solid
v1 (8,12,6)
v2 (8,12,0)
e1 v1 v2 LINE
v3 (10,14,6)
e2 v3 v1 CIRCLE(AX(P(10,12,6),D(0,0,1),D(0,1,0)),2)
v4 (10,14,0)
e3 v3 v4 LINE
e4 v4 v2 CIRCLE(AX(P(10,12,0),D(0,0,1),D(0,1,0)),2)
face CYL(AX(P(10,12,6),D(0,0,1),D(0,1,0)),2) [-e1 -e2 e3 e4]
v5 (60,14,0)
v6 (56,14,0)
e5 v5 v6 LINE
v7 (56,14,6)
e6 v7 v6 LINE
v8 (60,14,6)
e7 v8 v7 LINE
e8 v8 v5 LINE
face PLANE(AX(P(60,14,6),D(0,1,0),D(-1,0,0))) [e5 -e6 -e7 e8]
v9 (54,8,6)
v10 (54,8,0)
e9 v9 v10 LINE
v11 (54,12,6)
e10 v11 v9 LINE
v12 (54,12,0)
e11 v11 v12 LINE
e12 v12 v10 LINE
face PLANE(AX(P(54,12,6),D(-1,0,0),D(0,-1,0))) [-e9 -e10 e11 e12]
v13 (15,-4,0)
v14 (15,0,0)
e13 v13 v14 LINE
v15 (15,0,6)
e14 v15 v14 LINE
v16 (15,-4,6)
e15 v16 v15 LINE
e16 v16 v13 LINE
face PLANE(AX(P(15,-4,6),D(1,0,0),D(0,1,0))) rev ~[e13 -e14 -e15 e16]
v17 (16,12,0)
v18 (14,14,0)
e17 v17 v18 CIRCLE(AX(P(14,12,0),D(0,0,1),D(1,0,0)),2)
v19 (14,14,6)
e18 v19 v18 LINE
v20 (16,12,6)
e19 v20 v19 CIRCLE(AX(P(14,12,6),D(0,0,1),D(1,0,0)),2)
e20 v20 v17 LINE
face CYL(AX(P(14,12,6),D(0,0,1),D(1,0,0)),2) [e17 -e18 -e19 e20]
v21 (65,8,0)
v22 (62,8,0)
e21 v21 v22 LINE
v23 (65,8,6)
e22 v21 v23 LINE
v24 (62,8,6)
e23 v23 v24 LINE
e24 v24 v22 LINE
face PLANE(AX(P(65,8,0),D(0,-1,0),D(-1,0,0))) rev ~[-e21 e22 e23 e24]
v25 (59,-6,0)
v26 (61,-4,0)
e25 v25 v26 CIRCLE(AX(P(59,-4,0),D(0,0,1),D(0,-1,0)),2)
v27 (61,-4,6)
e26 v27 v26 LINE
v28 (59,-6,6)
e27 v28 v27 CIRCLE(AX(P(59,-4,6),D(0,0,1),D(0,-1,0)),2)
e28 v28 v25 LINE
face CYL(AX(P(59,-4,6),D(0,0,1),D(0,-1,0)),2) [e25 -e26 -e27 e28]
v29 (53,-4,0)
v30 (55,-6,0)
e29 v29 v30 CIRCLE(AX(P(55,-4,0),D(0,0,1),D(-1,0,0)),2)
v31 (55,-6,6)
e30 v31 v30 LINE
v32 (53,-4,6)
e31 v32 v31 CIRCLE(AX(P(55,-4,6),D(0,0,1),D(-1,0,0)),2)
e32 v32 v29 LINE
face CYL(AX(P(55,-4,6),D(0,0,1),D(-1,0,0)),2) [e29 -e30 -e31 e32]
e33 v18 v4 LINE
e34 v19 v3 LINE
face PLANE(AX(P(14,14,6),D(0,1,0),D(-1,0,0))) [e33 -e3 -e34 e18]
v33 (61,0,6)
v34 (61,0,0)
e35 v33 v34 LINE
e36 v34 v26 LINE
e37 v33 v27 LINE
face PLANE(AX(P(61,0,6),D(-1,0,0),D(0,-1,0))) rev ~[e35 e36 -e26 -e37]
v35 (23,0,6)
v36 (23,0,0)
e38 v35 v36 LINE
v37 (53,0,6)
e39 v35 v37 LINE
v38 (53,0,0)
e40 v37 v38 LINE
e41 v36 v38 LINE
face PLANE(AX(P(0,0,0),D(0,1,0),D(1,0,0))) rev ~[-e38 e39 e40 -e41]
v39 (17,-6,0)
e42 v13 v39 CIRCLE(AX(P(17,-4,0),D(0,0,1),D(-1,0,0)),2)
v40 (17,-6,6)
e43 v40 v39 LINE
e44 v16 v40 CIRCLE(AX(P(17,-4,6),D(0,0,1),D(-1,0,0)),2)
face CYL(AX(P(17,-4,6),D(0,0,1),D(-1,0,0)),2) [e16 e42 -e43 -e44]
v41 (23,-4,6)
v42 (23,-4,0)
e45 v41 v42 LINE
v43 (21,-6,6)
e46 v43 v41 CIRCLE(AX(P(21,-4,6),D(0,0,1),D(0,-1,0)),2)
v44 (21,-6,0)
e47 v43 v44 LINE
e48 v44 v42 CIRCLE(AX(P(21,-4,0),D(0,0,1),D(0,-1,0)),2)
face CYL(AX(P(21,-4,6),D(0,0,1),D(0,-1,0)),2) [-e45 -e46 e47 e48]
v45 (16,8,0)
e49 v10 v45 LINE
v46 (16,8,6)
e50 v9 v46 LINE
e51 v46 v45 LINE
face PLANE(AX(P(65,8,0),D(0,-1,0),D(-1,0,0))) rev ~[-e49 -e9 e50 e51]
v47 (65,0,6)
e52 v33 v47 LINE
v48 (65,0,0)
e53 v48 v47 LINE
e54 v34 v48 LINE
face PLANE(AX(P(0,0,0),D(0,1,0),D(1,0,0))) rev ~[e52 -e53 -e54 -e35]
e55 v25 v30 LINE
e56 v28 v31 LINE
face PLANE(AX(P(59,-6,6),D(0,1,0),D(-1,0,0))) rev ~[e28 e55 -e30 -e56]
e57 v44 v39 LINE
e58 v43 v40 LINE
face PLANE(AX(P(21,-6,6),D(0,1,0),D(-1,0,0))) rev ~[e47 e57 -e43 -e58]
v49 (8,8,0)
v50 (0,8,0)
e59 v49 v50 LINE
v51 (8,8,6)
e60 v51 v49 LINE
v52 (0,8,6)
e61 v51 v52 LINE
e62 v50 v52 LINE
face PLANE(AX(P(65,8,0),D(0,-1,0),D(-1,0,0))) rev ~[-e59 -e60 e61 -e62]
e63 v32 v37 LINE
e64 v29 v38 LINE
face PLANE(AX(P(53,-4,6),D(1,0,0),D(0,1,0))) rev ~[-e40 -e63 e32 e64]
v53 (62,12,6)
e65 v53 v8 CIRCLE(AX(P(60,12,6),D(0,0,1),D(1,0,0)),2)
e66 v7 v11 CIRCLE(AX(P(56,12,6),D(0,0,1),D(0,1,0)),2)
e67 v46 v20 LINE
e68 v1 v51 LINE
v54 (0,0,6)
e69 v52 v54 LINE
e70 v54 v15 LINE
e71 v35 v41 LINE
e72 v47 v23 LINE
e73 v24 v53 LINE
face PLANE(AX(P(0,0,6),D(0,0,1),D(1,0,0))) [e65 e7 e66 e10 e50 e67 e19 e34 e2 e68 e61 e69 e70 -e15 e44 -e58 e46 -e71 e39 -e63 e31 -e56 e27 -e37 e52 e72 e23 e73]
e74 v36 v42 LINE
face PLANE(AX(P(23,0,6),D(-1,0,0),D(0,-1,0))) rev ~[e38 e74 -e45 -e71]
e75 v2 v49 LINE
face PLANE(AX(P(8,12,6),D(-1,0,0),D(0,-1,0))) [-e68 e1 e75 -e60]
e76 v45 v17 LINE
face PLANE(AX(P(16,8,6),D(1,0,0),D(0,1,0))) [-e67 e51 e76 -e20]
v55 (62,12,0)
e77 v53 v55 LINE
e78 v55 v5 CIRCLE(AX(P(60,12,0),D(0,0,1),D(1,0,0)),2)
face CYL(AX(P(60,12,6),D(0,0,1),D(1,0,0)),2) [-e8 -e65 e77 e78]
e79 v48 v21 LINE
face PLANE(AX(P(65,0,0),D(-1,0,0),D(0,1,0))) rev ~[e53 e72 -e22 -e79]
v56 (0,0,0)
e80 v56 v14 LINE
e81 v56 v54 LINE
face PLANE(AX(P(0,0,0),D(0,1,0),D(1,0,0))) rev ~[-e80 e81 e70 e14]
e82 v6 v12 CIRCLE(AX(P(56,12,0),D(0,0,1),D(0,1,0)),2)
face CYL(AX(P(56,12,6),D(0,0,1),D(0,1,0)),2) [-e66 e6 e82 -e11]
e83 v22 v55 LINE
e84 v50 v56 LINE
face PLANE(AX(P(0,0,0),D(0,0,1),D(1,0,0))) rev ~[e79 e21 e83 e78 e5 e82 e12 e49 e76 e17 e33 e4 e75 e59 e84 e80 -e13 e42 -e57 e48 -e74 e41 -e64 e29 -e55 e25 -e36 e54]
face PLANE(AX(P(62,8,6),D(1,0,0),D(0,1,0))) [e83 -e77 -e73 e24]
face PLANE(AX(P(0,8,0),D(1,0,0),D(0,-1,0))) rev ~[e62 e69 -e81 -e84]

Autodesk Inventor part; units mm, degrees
ref_plane "YZ Plane" through (0, 0, 0) normal (1, 0, 0) x (0, 1, 0)
ref_plane "XZ Plane" through (0, 0, 0) normal (0, 1, 0) x (-1, 0, 0)
ref_plane "XY Plane" through (0, 0, 0) normal (0, 0, 1) x (1, 0, 0)
sketch "Sketch1" plane through (0, 0, 0) normal (0, 0, 1) x (1, 0, 0)
  line L0 (0, 0) -> (65, 0)
  line L1 (65, 0) -> (65, 8)
  line L2 (65, 8) -> (0, 8)
  line L3 (0, 8) -> (0, 0)
  dimension "d0" = 8
  dimension "d1" = 65
extrude "Extrusion1" add sketch "Sketch1" along normal blind 6
sketch "Sketch2" plane through (0, 0, 6) normal (0, 0, 1) x (1, 0, 0)
  line L0 (0, 0) -> (65, 0) projected
  line L1 (65, 8) -> (0, 8) projected
  line L2 (0, 8) -> (0, 0) projected
  line L3 (15, 0) -> (23, 0)
  line L4 (23, 0) -> (23, -4)
  line L5 (21, -6) -> (17, -6)
  line L6 (15, -4) -> (15, 0)
  line L7 (53, 0) -> (61, 0)
  line L8 (61, 0) -> (61, -4)
  line L9 (59, -6) -> (55, -6)
  line L10 (53, -4) -> (53, 0)
  line L11 (8, 8) -> (16, 8)
  line L12 (16, 8) -> (16, 12)
  line L13 (14, 14) -> (10, 14)
  line L14 (8, 12) -> (8, 8)
  line L15 (54, 8) -> (62, 8)
  line L16 (62, 8) -> (62, 12)
  line L17 (60, 14) -> (56, 14)
  line L18 (54, 12) -> (54, 8)
  arc A0 (15, -4) -> (17, -6) centre (17, -4) ccw
  arc A1 (21, -6) -> (23, -4) centre (21, -4) ccw
  arc A2 (10, 14) -> (8, 12) centre (10, 12) ccw
  arc A3 (16, 12) -> (14, 14) centre (14, 12) ccw
  arc A4 (56, 14) -> (54, 12) centre (56, 12) ccw
  arc A5 (62, 12) -> (60, 14) centre (60, 12) ccw
  arc A6 (53, -4) -> (55, -6) centre (55, -4) ccw
  arc A7 (59, -6) -> (61, -4) centre (59, -4) ccw
  dimension "d4" = 2
  dimension "d5" = 8
  dimension "d6" = 6
  dimension "d7" = 6
  dimension "d8" = 8
  dimension "d9" = 8
  dimension "d10" = 8
  dimension "d11" = 15
  dimension "d12" = 30
  dimension "d13" = 8
  dimension "d14" = 38
extrude "Extrusion2" add sketch "Sketch2" against normal blind 6
properties part number "x_motor_smooth_rod_spacer"
